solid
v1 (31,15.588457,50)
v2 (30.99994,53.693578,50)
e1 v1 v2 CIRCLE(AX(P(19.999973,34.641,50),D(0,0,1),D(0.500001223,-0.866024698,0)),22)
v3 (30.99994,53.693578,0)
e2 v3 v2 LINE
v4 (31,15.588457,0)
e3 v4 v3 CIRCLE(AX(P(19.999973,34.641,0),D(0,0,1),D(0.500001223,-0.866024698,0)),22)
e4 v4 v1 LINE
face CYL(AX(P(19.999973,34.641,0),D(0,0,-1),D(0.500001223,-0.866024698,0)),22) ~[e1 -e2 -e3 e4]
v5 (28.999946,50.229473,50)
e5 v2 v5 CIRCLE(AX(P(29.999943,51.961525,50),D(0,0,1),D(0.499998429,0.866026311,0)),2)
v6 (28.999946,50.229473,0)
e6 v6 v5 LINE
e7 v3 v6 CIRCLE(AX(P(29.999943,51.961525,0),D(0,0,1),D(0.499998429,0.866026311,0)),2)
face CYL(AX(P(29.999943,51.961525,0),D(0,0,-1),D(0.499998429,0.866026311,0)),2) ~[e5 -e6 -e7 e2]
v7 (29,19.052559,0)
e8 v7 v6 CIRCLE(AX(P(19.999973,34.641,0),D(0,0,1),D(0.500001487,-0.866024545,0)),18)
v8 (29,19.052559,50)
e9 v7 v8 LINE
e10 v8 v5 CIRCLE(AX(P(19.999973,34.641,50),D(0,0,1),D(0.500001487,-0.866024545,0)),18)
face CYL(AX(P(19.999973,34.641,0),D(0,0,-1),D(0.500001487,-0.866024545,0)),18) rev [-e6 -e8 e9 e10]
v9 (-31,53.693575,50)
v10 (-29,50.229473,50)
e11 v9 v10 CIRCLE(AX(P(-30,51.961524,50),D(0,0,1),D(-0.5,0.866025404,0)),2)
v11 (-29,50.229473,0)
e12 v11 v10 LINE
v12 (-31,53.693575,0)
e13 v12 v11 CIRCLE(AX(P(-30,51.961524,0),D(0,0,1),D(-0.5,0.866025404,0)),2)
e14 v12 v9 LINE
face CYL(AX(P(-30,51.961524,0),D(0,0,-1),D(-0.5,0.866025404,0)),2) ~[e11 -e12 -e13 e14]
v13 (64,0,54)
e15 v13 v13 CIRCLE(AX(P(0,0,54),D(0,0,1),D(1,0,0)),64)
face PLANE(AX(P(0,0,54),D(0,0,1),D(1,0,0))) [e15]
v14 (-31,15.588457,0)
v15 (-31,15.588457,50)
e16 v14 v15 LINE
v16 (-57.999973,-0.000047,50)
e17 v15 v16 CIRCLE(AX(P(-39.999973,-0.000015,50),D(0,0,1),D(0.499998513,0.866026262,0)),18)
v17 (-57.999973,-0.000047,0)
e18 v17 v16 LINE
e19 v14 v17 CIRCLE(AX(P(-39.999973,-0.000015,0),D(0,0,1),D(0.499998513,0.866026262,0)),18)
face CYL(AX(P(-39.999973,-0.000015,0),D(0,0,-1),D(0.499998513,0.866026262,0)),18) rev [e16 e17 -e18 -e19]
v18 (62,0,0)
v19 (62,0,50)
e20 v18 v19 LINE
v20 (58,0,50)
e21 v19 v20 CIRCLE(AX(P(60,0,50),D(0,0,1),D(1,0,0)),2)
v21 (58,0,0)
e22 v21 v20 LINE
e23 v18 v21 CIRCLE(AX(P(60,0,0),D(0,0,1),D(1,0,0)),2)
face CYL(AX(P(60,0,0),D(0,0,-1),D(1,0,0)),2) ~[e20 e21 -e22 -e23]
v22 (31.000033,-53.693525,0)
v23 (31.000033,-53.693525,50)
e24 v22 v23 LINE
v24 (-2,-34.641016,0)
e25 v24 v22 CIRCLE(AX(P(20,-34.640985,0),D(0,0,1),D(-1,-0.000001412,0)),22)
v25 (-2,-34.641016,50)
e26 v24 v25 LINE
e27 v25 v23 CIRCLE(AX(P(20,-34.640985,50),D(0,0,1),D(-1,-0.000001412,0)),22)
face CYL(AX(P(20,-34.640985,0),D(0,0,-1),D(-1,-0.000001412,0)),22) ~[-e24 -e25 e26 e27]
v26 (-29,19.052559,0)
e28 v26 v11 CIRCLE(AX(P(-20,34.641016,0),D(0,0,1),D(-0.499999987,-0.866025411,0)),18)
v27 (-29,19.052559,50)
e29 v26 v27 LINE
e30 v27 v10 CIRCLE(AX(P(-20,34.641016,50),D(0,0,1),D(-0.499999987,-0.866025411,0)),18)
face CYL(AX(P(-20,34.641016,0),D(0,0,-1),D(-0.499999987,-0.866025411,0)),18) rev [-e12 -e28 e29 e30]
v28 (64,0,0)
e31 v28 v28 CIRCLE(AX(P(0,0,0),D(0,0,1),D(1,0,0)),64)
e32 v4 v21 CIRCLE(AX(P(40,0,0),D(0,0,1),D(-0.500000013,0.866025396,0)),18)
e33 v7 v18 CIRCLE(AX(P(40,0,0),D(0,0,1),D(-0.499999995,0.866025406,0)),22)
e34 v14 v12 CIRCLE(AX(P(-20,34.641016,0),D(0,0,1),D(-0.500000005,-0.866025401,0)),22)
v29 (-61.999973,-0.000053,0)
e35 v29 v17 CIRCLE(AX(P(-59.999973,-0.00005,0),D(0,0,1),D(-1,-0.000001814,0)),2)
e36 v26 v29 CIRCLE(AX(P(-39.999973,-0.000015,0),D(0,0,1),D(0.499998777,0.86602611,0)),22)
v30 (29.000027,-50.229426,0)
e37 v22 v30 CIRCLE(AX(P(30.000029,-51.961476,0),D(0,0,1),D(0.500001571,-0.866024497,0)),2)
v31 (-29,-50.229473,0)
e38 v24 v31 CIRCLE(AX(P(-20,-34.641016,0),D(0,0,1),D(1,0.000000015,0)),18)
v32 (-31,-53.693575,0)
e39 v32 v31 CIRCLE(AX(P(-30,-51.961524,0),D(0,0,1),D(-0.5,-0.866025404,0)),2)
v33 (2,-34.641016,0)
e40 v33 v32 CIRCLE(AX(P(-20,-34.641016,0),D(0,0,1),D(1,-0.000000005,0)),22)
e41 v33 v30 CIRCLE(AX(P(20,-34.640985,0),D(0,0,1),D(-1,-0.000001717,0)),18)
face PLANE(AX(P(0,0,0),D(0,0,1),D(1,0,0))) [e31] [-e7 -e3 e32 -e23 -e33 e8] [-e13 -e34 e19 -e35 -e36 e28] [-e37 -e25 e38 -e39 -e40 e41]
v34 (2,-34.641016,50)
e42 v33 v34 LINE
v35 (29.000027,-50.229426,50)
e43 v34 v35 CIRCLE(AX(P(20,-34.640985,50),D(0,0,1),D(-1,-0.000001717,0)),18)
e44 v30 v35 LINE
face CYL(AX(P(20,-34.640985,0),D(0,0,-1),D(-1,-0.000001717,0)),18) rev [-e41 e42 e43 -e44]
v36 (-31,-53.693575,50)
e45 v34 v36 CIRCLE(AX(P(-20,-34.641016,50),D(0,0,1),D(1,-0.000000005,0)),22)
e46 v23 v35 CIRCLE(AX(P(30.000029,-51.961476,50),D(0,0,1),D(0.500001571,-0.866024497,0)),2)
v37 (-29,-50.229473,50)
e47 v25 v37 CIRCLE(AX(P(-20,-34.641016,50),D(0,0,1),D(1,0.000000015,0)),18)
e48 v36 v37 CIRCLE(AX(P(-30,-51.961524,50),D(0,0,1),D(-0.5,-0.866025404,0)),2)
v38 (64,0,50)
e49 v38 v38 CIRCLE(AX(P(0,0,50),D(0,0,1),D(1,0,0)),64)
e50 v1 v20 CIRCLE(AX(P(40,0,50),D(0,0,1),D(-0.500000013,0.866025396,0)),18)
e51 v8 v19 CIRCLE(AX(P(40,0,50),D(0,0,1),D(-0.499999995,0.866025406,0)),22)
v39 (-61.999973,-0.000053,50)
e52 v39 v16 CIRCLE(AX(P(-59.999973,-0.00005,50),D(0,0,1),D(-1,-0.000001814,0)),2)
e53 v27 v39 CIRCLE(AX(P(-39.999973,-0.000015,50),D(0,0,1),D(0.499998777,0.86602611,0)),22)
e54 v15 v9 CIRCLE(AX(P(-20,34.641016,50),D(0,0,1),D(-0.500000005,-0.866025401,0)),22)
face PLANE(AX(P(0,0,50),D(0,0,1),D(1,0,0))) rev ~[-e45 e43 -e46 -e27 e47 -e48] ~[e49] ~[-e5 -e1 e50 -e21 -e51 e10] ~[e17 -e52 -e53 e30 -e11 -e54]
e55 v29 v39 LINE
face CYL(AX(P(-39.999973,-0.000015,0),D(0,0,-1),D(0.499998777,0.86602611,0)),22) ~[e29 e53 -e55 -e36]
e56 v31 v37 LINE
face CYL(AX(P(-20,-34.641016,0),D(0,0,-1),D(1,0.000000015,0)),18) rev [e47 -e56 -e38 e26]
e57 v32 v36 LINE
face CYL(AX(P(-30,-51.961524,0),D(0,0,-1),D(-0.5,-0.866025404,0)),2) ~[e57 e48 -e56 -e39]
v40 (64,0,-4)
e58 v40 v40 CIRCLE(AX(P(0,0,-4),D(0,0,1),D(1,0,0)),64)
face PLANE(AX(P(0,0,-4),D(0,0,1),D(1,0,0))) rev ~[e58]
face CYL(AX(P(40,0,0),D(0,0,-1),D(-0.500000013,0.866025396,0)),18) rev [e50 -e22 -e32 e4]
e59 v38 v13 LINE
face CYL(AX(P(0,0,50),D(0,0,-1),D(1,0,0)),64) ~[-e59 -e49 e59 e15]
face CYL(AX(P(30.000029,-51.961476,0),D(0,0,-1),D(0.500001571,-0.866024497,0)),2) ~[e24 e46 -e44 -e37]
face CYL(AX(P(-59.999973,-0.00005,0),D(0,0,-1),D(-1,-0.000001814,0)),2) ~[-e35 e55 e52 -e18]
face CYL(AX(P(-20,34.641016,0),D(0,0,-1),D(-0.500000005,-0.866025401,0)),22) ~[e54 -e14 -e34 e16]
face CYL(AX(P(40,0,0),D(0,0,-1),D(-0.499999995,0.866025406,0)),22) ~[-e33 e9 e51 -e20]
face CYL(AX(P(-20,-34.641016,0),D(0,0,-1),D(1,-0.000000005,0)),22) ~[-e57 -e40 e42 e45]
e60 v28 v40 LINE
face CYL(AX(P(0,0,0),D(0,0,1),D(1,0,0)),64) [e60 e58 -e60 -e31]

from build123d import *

# Parameters (mm, degrees)
SKETCH_R           = 64
PAD_DEPTH          = 4
PAD001_DEPTH       = 50
POLARPATTERN_COUNT = 3
SKETCH002_R        = 64
PAD002_DEPTH       = 4


with BuildPart() as part:
    # Sketch → Pad (new body)
    with BuildSketch(Plane.XY):
        Circle(SKETCH_R)
    extrude(amount=-PAD_DEPTH)

    # Sketch001 → Pad001 (join)
    with BuildSketch(Plane.XY):
        with BuildLine():
            ThreePointArc((29, 19.052559), (29, -19.052559), (62, 0))
            ThreePointArc((62, 0), (60, 2), (58, 0))
            ThreePointArc((31, 15.588457), (31, -15.588457), (58, 0))
            ThreePointArc((31, 15.588457), (41.999973, 34.641035), (30.99994, 53.693578))
            ThreePointArc((30.99994, 53.693578), (28.267891, 52.961523), (28.999946, 50.229473))
            ThreePointArc((29, 19.052559), (37.999973, 34.641032), (28.999946, 50.229473))
        make_face()
    pad001 = extrude(amount=PAD001_DEPTH)

    # PolarPattern: Pad001 ×3 about axis
    polarpattern_axis = Axis((0, 0, 0), (0, 0, 1))
    for i in range(1, POLARPATTERN_COUNT):
        add(pad001.rotate(polarpattern_axis, i * 360 / POLARPATTERN_COUNT))

    # Sketch002 → Pad002 (join)
    with BuildSketch(Plane.XY.offset(50)):
        Circle(SKETCH002_R)
    extrude(amount=PAD002_DEPTH)


solid = part.part
